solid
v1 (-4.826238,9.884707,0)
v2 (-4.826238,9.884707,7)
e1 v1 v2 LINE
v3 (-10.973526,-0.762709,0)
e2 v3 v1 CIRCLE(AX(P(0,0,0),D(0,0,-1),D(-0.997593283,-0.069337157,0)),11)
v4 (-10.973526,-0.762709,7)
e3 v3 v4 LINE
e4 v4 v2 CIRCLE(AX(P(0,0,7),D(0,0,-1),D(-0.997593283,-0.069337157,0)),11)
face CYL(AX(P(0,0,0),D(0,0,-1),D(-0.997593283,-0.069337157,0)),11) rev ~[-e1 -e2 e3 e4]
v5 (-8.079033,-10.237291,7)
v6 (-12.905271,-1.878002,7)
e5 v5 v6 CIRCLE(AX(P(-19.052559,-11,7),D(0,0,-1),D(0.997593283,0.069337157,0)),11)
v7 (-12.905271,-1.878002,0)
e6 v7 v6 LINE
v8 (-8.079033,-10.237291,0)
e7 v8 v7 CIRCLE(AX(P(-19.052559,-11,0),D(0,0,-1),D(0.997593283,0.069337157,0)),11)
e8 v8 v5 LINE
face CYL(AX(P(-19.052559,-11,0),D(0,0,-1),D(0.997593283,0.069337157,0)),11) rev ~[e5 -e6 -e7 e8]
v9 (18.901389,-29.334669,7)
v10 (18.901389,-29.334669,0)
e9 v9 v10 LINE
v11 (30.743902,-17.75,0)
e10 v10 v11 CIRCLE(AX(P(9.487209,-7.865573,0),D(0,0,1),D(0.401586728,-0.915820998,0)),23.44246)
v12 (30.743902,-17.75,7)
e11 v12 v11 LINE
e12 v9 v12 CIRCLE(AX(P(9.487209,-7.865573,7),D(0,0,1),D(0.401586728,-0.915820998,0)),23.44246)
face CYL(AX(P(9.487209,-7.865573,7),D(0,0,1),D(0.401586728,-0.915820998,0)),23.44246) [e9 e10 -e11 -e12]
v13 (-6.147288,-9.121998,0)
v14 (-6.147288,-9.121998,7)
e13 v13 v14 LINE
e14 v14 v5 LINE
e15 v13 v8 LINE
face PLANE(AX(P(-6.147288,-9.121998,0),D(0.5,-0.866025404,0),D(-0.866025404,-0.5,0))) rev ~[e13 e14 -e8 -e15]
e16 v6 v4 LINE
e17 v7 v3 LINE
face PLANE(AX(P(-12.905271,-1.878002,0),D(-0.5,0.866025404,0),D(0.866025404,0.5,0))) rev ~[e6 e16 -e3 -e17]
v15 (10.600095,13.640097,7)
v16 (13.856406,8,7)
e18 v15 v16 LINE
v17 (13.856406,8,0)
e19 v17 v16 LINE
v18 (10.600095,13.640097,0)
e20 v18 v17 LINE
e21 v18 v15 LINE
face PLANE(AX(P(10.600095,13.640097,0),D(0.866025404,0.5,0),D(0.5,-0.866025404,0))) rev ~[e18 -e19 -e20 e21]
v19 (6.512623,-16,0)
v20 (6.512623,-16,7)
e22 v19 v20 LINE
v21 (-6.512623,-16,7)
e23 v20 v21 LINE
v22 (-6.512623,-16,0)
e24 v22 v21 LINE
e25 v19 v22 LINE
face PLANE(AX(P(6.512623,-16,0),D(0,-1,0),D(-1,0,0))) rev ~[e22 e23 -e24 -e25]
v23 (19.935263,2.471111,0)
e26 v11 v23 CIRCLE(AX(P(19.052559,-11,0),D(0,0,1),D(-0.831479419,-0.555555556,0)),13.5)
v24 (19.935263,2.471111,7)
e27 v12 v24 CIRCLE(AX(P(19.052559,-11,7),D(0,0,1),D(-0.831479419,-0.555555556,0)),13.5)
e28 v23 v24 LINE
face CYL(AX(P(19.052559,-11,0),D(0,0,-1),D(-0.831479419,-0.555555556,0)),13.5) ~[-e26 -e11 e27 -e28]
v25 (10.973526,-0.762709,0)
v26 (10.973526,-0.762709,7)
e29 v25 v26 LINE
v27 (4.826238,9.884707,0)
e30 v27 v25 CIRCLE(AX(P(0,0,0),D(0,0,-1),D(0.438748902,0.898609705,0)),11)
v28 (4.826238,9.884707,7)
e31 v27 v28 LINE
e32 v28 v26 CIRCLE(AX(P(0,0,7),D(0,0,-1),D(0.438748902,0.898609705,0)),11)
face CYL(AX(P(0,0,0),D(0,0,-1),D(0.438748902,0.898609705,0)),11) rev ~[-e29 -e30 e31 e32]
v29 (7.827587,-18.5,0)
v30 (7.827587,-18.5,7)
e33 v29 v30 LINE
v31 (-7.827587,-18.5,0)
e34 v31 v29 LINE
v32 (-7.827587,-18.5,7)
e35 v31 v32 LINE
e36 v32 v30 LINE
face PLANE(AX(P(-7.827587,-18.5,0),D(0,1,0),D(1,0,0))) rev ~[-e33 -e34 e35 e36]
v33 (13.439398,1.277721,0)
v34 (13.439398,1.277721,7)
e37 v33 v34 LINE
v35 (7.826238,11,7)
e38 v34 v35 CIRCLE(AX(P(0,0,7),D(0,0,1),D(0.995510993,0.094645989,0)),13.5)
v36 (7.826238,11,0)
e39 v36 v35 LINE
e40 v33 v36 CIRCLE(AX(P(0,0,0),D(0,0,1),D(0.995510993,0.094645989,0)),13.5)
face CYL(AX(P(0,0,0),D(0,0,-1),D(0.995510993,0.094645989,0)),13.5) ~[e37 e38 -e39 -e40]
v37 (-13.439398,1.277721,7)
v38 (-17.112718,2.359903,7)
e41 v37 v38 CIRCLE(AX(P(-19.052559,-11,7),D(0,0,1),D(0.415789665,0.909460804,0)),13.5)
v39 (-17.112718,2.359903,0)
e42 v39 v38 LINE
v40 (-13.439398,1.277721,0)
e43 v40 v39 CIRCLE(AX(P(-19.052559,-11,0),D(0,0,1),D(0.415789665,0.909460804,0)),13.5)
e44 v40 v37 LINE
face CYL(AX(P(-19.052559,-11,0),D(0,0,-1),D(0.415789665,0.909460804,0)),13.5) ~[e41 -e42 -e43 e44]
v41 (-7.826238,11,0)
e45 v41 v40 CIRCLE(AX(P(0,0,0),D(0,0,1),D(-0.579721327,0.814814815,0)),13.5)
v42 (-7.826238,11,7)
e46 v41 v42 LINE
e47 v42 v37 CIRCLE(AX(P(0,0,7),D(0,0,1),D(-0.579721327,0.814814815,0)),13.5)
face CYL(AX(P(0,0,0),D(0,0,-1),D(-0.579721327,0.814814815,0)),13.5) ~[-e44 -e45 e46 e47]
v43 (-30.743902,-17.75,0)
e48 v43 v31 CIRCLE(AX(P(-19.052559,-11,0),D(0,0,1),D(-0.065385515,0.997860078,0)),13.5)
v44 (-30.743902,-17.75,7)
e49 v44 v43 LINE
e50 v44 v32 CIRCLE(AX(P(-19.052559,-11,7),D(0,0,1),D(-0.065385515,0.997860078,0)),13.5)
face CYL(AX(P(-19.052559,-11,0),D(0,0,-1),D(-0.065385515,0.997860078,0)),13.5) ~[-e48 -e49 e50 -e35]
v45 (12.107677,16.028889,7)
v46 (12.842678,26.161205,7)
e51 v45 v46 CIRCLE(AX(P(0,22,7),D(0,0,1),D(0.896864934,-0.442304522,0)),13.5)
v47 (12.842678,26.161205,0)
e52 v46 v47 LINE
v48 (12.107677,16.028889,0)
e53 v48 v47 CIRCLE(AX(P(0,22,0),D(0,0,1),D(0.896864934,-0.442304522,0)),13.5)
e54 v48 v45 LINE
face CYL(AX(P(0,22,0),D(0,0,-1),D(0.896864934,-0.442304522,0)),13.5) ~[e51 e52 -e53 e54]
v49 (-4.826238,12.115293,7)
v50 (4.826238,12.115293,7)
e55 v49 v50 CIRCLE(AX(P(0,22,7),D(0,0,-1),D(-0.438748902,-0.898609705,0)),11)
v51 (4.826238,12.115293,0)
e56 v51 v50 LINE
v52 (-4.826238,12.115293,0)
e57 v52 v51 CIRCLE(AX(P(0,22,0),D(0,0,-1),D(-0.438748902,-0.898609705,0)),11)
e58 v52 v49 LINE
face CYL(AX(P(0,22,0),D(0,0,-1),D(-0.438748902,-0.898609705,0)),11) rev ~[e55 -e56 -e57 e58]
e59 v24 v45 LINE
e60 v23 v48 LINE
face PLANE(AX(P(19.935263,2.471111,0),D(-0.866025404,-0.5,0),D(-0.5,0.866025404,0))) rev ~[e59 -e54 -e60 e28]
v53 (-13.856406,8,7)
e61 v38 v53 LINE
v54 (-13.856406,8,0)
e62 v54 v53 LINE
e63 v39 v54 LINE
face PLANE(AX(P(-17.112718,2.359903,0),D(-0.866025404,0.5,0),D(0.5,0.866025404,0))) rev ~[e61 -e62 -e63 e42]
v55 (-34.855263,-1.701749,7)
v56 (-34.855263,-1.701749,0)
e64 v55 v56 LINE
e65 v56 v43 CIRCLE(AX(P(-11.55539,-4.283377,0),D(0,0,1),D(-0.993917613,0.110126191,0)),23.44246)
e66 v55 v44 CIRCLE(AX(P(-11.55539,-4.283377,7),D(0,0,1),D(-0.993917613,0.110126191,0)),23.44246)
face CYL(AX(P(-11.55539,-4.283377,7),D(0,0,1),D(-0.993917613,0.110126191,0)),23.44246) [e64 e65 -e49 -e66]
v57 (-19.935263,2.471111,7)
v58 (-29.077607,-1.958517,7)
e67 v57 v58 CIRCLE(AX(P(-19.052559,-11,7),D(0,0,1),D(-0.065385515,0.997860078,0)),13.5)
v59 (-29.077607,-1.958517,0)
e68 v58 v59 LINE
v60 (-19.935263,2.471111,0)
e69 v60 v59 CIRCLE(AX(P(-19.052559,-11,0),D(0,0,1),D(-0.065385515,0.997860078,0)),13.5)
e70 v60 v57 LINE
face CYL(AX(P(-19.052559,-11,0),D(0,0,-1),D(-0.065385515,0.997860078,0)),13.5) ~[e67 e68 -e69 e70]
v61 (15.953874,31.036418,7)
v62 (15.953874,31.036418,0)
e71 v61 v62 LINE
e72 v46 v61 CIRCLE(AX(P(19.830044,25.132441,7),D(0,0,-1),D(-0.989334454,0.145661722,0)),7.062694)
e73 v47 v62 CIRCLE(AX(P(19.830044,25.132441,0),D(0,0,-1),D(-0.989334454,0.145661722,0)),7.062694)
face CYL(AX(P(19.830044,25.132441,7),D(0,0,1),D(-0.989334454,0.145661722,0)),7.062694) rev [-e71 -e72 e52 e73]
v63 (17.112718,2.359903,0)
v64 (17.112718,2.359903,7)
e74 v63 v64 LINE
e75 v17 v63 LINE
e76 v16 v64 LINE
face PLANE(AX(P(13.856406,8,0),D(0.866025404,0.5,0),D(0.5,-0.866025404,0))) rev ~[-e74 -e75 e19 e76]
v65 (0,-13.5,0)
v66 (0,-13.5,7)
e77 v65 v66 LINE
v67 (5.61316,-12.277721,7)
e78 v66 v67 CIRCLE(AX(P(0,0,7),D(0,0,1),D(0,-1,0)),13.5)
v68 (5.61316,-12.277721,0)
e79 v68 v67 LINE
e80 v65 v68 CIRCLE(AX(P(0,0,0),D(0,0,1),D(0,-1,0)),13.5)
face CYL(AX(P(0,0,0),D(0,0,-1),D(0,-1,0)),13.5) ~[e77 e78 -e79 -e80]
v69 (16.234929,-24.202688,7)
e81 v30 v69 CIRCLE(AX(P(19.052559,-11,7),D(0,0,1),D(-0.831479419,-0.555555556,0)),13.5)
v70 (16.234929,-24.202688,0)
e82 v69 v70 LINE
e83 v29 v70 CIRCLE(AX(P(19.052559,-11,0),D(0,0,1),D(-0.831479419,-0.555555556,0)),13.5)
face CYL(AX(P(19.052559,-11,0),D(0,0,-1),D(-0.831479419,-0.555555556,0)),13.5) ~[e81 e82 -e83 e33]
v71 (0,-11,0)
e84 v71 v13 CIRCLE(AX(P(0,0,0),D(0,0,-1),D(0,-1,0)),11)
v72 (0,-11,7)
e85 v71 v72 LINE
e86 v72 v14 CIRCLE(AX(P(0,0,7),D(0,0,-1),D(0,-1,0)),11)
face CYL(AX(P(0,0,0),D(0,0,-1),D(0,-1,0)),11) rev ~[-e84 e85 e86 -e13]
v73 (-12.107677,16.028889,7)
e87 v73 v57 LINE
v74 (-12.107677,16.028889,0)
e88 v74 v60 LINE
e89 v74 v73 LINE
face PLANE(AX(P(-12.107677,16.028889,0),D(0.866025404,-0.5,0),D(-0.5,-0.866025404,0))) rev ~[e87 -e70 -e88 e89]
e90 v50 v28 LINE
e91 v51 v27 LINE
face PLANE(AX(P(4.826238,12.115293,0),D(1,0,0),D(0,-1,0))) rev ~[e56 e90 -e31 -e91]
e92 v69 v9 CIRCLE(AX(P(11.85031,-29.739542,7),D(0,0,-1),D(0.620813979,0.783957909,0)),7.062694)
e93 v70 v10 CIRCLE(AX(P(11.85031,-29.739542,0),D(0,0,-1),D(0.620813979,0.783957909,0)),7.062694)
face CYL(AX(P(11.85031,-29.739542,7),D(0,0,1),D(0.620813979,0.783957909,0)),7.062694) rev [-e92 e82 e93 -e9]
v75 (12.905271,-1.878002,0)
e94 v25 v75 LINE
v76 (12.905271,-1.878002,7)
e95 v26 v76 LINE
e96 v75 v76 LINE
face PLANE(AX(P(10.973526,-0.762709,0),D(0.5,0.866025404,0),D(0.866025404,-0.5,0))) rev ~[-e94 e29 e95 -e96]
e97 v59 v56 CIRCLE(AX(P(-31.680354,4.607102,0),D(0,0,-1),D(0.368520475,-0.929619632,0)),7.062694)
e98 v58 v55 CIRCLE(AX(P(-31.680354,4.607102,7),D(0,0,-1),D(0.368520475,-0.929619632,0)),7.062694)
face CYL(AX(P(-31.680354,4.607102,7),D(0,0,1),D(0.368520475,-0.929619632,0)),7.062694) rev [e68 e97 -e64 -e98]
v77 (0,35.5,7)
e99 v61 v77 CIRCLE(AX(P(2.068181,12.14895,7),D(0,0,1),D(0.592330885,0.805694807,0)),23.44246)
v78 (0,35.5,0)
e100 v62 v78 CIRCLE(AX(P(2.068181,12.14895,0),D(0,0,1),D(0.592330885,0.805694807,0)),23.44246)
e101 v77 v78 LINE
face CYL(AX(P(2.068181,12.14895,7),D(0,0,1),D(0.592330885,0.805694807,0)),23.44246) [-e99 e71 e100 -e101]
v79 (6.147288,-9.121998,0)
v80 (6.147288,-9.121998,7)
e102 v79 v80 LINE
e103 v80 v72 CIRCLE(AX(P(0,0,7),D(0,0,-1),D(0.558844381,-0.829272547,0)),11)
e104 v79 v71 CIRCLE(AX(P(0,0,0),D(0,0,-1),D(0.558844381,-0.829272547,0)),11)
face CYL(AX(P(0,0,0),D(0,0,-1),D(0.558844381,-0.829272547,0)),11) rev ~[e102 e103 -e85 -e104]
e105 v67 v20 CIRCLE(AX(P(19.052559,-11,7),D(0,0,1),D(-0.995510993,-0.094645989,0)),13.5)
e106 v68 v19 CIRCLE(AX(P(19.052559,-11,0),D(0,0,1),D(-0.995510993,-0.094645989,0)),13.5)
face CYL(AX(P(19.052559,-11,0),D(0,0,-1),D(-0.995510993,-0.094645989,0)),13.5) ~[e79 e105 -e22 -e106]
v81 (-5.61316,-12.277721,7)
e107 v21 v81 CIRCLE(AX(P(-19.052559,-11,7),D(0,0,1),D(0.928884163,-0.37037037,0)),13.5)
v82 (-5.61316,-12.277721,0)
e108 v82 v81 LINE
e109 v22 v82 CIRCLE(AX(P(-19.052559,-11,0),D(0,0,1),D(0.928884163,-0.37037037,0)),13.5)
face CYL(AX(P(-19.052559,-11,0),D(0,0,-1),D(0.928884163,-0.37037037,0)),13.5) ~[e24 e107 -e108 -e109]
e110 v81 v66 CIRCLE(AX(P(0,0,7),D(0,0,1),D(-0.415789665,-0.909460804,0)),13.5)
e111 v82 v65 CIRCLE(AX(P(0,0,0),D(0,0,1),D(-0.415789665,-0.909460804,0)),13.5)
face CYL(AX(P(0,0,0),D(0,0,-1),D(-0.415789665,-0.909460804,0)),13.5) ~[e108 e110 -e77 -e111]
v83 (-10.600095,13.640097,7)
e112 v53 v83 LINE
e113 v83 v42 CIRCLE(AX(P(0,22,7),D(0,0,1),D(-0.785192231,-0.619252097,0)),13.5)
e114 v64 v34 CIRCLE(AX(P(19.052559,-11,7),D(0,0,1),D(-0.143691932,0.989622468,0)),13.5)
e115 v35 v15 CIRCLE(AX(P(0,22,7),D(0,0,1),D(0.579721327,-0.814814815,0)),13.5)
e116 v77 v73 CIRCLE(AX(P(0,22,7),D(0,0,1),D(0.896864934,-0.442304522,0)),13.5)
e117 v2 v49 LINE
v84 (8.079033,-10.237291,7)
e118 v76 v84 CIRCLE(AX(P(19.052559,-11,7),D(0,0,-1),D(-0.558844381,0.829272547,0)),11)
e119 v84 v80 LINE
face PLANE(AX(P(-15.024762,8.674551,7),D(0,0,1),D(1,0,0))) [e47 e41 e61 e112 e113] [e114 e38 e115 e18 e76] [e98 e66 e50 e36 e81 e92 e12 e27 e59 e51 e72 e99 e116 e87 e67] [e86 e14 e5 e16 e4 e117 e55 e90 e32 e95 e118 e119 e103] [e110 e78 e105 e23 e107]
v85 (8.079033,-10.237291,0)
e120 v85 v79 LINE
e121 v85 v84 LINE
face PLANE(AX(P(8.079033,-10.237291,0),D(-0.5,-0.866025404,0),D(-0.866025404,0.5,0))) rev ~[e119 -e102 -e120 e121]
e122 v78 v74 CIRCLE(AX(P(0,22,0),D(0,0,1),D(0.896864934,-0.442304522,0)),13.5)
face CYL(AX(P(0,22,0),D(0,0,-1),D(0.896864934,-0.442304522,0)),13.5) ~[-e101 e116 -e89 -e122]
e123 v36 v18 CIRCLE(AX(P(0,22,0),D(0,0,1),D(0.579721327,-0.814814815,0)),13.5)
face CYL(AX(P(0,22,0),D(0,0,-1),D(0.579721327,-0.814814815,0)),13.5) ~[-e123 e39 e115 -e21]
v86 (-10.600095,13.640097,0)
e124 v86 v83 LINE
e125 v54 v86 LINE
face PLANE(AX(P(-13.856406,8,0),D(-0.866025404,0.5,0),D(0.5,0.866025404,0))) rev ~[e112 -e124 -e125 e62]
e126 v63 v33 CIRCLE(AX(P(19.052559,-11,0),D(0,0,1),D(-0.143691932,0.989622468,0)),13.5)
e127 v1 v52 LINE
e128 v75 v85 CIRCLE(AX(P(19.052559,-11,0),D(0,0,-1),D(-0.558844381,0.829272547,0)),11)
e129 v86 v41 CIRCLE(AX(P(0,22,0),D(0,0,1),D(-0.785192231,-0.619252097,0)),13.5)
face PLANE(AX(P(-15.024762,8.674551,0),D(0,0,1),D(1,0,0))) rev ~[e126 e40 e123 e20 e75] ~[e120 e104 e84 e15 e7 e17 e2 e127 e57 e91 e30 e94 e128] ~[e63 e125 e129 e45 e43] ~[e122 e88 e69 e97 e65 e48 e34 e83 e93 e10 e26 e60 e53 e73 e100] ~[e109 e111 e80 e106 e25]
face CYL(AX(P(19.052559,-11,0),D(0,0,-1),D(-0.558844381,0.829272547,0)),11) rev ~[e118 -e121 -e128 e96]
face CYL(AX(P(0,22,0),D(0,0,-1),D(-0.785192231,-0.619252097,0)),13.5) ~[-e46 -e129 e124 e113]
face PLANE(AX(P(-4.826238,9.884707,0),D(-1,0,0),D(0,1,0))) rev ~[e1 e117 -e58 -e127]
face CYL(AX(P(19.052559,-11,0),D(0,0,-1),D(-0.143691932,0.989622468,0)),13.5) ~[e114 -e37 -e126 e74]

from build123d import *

# Parameters (mm, degrees)
F1_DEPTH = 7
F3_DEPTH = 7


with BuildPart() as f1:
    # F0 (on Top) → F1 (new body)
    with BuildSketch(Plane.XY):
        with BuildLine():
            Line((-13.8564064606, 8), (-10.6000951209, 13.6400966855))
            ThreePointArc((-10.6000951209, 13.6400966855), (-11.4165365305, 14.7949535985), (-12.1076766085, 16.0288889524))
            Line((-12.1076766085, 16.0288889524), (-19.9352633315, 2.4711110476))
            ThreePointArc((-19.9352633315, 2.4711110476), (-18.5210739294, 2.4895338594), (-17.1127178002, 2.3599033145))
            Line((-17.1127178002, 2.3599033145), (-13.8564064606, 8))
        make_face()
        with BuildLine():
            Line((-7.8262379212, 11), (-4.8262379212, 11))
            Line((-4.8262379212, 11), (-4.8262379212, 12.1152932503))
            ThreePointArc((-4.8262379212, 12.1152932503), (0, 33), (4.8262379212, 12.1152932503))
            Line((4.8262379212, 12.1152932503), (4.8262379212, 11))
            Line((4.8262379212, 11), (7.8262379212, 11))
            ThreePointArc((7.8262379212, 11), (9.3072533528, 12.2211946012), (10.6000951209, 13.6400966855))
            ThreePointArc((10.6000951209, 13.6400966855), (11.4165365305, 14.7949535985), (12.1076766085, 16.0288889524))
            ThreePointArc((12.1076766085, 16.0288889524), (0, 35.5), (-12.1076766085, 16.0288889524))
            ThreePointArc((-12.1076766085, 16.0288889524), (-11.4165365305, 14.7949535985), (-10.6000951209, 13.6400966855))
            ThreePointArc((-10.6000951209, 13.6400966855), (-9.3072533528, 12.2211946012), (-7.8262379212, 11))
        make_face()
        with BuildLine():
            ThreePointArc((12.1076766085, 16.0288889524), (11.4165365305, 14.7949535985), (10.6000951209, 13.6400966855))
            Line((10.6000951209, 13.6400966855), (13.8564064606, 8))
            Line((13.8564064606, 8), (17.1127178002, 2.3599033145))
            ThreePointArc((17.1127178002, 2.3599033145), (18.5210739294, 2.4895338594), (19.9352633315, 2.4711110476))
            Line((19.9352633315, 2.4711110476), (12.1076766085, 16.0288889524))
        make_face()
        with BuildLine():
            ThreePointArc((0, -11), (-3.2138778591, -10.5200279993), (-6.1472881936, -9.1219980194))
            Line((-6.1472881936, -9.1219980194), (-8.0790327684, -10.2372912697))
            ThreePointArc((-8.0790327684, -10.2372912697), (-28.5788383249, -16.5), (-12.9052706897, -1.8780019806))
            Line((-12.9052706897, -1.8780019806), (-10.9735261148, -0.7627087303))
            ThreePointArc((-10.9735261148, -0.7627087303), (-9.5262794416, 5.5), (-4.8262379212, 9.8847067497))
            Line((-4.8262379212, 9.8847067497), (-4.8262379212, 11))
            Line((-4.8262379212, 11), (-7.8262379212, 11))
            ThreePointArc((-7.8262379212, 11), (-11.6913429511, 6.75), (-13.4393984023, 1.2777208559))
            ThreePointArc((-13.4393984023, 1.2777208559), (-15.2374916656, 1.9497205423), (-17.1127178002, 2.3599033145))
            ThreePointArc((-17.1127178002, 2.3599033145), (-18.5210739294, 2.4895338594), (-19.9352633315, 2.4711110476))
            ThreePointArc((-19.9352633315, 2.4711110476), (-30.7439018343, -17.75), (-7.8275867229, -18.5))
            Line((-7.8275867229, -18.5), (7.8275867229, -18.5))
            ThreePointArc((7.8275867229, -18.5), (30.7439018343, -17.75), (19.9352633315, 2.4711110476))
            ThreePointArc((19.9352633315, 2.4711110476), (18.5210739294, 2.4895338594), (17.1127178002, 2.3599033145))
            ThreePointArc((17.1127178002, 2.3599033145), (15.2374916656, 1.9497205423), (13.4393984023, 1.2777208559))
            ThreePointArc((13.4393984023, 1.2777208559), (11.6913429511, 6.75), (7.8262379212, 11))
            Line((7.8262379212, 11), (4.8262379212, 11))
            Line((4.8262379212, 11), (4.8262379212, 9.8847067497))
            ThreePointArc((4.8262379212, 9.8847067497), (9.5262794416, 5.5), (10.9735261148, -0.7627087303))
            Line((10.9735261148, -0.7627087303), (12.9052706897, -1.8780019806))
            ThreePointArc((12.9052706897, -1.8780019806), (28.5788383249, -16.5), (8.0790327684, -10.2372912697))
            Line((8.0790327684, -10.2372912697), (6.1472881936, -9.1219980194))
            ThreePointArc((6.1472881936, -9.1219980194), (3.2138778591, -10.5200279993), (0, -11))
        make_face()
        with BuildLine():
            ThreePointArc((-5.613160481, -12.2777208559), (-2.8723482071, -13.1908913943), (0, -13.5))
            ThreePointArc((0, -13.5), (2.8723482071, -13.1908913943), (5.613160481, -12.2777208559))
            ThreePointArc((5.613160481, -12.2777208559), (5.9302383129, -14.1709151435), (6.5126226793, -16))
            Line((6.5126226793, -16), (0, -16))
            Line((0, -16), (-6.5126226793, -16))
            ThreePointArc((-6.5126226793, -16), (-5.9302383129, -14.1709151435), (-5.613160481, -12.2777208559))
        make_face(mode=Mode.SUBTRACT)
    extrude(amount=F1_DEPTH)

    # F2 (on face) → F3 (join)
    with BuildSketch(Plane.XY.offset(7)):
        with BuildLine():
            ThreePointArc((12.8426779045, 26.1612046623), (13.8763872298, 28.9318631067), (15.9538742155, 31.0364179313))
            ThreePointArc((15.9538742155, 31.0364179313), (8.3843737037, 34.7244815518), (0, 35.5))
            ThreePointArc((0, 35.5), (7.9395760926, 32.9184766094), (12.8426779045, 26.1612046623))
        make_face()
        with BuildLine():
            ThreePointArc((-30.7439018343, -17.75), (-32.4780250439, -9.5833637133), (-29.0776067834, -1.9585170132))
            ThreePointArc((-29.0776067834, -1.9585170132), (-31.9939220442, -2.4486276996), (-34.8552634787, -1.7017486063))
            ThreePointArc((-34.8552634787, -1.7017486063), (-34.264470009, -10.1011601537), (-30.7439018343, -17.75))
        make_face()
        with BuildLine():
            ThreePointArc((18.9013892633, -29.334669325), (25.8800963053, -24.6233213981), (30.7439018343, -17.75))
            ThreePointArc((30.7439018343, -17.75), (24.5384489513, -23.3351128962), (16.2349288789, -24.202687649))
            ThreePointArc((16.2349288789, -24.2026876491), (18.1175348143, -26.4832354072), (18.9013892633, -29.334669325))
        make_face()
    extrude(amount=-F3_DEPTH)


solid = f1.part
